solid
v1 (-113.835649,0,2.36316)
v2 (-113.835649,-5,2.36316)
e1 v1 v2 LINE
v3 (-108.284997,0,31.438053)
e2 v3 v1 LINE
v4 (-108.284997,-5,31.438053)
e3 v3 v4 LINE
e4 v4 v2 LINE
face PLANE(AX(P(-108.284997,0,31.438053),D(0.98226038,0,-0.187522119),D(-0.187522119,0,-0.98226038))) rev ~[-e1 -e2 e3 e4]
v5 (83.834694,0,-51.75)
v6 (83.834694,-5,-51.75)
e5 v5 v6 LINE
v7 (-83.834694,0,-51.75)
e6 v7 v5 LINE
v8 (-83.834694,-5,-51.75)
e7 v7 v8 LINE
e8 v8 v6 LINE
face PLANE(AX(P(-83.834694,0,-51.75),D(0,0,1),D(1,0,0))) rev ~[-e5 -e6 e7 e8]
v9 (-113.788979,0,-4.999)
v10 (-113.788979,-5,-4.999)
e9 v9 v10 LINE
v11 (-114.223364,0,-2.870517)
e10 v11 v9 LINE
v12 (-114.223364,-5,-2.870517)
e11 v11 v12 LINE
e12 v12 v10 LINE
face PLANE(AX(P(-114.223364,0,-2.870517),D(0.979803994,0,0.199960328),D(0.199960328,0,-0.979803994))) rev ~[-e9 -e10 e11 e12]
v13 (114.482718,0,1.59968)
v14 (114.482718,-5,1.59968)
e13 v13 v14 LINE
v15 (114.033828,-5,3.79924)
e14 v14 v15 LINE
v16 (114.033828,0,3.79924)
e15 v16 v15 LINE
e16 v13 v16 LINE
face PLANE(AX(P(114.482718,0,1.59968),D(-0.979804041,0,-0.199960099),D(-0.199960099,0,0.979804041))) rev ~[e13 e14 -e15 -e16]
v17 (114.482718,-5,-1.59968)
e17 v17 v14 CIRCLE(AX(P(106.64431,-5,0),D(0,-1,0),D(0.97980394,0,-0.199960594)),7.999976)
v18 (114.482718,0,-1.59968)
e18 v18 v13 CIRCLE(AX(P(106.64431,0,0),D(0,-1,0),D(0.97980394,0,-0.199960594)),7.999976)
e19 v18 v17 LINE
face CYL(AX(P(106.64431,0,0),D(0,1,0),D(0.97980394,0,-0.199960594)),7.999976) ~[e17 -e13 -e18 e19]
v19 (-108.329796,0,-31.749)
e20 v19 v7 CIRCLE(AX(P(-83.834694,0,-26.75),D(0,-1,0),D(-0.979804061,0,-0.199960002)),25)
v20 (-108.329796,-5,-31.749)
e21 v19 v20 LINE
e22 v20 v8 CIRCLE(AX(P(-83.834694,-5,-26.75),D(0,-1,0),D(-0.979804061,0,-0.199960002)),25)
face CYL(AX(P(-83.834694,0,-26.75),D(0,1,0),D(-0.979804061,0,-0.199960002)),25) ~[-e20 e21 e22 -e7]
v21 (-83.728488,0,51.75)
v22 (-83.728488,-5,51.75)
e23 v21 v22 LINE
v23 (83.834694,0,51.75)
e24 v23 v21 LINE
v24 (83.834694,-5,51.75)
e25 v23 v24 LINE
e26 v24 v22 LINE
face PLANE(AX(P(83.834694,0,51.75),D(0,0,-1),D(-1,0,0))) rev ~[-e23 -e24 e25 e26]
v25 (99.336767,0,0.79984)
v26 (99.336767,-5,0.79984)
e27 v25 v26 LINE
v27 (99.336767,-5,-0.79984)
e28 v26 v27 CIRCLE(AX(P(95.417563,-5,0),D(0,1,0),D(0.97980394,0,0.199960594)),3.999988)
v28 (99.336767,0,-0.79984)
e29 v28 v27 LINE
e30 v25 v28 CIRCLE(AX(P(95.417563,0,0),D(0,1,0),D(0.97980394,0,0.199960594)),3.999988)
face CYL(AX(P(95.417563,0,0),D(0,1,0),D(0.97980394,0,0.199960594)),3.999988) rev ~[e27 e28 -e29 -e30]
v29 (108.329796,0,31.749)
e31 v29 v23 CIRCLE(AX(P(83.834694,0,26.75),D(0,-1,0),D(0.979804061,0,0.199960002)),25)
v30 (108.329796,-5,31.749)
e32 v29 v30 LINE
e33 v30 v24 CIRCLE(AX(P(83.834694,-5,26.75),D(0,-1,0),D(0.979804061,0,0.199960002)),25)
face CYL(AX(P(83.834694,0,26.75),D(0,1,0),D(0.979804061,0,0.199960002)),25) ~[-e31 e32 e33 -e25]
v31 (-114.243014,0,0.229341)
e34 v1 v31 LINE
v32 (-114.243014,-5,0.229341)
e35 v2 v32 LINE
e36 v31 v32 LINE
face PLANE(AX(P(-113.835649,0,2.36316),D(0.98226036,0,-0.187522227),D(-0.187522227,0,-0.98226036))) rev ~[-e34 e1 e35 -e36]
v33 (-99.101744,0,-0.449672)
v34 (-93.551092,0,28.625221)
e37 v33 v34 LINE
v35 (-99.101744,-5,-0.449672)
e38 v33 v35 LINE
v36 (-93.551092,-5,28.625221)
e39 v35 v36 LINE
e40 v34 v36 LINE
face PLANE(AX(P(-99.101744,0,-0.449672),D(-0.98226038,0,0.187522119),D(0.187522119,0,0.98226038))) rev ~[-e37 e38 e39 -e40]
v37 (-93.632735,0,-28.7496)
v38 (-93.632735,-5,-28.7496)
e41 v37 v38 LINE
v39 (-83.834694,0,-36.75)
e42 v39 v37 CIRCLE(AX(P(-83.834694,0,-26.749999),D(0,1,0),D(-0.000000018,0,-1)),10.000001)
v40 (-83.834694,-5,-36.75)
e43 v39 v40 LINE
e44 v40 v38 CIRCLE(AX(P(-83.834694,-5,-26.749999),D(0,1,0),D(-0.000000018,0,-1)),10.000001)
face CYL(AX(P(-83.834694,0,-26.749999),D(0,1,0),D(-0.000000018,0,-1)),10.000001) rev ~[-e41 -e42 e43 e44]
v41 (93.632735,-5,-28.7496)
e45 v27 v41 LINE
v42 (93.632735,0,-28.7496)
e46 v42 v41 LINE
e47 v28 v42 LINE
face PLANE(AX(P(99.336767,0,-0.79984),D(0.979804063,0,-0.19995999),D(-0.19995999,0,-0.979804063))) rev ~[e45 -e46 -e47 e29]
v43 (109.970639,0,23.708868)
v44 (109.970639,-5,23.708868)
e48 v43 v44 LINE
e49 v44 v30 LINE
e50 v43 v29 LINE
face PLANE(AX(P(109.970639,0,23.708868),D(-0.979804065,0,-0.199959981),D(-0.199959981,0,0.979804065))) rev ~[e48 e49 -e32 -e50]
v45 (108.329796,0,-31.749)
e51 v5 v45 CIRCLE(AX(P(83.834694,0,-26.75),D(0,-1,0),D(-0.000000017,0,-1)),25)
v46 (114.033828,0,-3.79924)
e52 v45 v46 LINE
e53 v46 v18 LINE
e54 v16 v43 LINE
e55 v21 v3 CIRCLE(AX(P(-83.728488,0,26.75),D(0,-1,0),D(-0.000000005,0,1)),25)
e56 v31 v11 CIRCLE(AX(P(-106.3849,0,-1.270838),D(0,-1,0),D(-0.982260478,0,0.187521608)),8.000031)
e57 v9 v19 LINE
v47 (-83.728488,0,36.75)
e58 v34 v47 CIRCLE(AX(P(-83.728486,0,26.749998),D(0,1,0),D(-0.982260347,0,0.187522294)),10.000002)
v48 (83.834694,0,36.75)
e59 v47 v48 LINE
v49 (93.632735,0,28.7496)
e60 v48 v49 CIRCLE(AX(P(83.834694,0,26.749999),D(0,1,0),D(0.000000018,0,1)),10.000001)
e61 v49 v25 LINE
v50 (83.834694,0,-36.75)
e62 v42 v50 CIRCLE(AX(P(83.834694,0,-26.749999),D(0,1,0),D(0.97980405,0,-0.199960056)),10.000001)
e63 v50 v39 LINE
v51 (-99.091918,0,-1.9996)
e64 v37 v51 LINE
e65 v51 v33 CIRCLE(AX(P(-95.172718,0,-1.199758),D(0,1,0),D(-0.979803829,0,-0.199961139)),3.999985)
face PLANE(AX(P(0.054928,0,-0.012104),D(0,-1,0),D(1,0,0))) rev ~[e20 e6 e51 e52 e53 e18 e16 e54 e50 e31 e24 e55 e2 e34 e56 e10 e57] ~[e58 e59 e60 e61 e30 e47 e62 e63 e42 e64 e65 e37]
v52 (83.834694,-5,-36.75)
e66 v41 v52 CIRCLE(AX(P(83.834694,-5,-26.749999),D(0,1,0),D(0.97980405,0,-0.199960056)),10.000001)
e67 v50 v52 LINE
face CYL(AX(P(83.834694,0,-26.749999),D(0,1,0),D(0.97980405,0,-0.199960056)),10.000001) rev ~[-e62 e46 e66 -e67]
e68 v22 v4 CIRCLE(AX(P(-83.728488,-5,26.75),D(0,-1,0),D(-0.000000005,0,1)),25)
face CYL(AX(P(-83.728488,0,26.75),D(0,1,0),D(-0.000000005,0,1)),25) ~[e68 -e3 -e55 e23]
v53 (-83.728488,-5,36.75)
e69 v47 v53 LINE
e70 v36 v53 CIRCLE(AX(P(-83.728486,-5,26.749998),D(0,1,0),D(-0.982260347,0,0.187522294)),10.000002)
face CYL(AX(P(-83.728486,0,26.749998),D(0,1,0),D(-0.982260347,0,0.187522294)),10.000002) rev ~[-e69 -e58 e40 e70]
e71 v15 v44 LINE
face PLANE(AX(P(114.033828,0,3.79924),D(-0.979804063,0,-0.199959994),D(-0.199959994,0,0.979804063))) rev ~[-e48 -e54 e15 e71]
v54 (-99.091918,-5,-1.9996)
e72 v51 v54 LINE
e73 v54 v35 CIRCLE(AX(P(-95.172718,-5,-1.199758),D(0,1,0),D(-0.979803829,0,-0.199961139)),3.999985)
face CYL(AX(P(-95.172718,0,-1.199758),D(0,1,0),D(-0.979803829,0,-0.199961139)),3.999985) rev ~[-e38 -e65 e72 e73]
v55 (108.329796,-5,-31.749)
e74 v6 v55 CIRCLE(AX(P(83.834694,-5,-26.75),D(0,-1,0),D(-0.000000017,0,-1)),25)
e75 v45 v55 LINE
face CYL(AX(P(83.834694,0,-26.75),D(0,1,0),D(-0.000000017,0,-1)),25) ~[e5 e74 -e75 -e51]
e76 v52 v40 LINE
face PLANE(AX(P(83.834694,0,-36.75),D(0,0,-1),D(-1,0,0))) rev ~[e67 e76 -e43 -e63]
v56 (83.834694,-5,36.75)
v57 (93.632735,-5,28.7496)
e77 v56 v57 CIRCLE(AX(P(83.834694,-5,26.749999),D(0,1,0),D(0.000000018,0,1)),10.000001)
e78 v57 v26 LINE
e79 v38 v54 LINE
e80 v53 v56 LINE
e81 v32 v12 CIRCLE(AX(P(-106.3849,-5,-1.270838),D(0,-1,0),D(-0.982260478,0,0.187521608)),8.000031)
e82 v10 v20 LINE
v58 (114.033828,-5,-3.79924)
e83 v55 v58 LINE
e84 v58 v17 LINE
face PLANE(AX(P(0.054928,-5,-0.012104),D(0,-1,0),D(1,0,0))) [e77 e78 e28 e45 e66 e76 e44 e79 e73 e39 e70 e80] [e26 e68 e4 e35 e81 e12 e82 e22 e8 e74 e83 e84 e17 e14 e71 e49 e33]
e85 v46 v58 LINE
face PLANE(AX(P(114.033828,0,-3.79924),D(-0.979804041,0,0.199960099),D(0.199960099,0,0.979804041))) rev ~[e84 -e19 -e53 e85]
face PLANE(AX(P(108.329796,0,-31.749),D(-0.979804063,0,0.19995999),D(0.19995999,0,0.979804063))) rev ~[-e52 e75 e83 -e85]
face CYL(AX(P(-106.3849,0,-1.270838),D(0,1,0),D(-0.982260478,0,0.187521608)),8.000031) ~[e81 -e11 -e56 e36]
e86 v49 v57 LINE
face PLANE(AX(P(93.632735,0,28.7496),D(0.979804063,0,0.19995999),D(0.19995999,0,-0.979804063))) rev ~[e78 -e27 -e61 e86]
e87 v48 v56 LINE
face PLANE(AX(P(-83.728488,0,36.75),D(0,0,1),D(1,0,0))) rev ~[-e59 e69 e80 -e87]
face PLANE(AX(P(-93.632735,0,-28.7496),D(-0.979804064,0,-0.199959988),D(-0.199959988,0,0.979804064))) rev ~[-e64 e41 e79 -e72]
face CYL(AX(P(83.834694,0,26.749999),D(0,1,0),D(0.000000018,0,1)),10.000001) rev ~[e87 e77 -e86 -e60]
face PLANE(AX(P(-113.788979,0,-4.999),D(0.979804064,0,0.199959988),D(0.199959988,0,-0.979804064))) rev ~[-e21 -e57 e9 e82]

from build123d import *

# Parameters (mm, degrees)
F1_DEPTH = 5


with BuildPart() as f1:
    # F0 (on Front) → F1 (new body)
    with BuildSketch(Plane.XZ):
        with BuildLine():
            ThreePointArc((108.329796, 31.749), (99.646478, 46.114594), (83.834694, 51.75))
            Line((83.834694, 51.75), (-83.728488, 51.75))
            ThreePointArc((-83.728488, 51.75), (-99.662707, 46.013973), (-108.284997, 31.438053))
            Line((-108.284997, 31.438053), (-113.835649, 2.36316))
            Line((-113.835649, 2.36316), (-114.243014, 0.229341))
            ThreePointArc((-114.243014, 0.229341), (-114.38477, -1.321549), (-114.223364, -2.870517))
            Line((-114.223364, -2.870517), (-113.788979, -4.999))
            Line((-113.788979, -4.999), (-108.329796, -31.749))
            ThreePointArc((-108.329796, -31.749), (-99.646478, -46.114594), (-83.834694, -51.75))
            Line((-83.834694, -51.75), (83.834694, -51.75))
            ThreePointArc((83.834694, -51.75), (99.646478, -46.114594), (108.329796, -31.749))
            Line((108.329796, -31.749), (114.033828, -3.79924))
            Line((114.033828, -3.79924), (114.482718, -1.59968))
            ThreePointArc((114.482718, -1.59968), (114.644286, 0), (114.482718, 1.59968))
            Line((114.482718, 1.59968), (114.033828, 3.79924))
            Line((114.033828, 3.79924), (109.970639, 23.708868))
            Line((109.970639, 23.708868), (108.329796, 31.749))
        make_face()
        with BuildLine():
            Line((-83.728488, 36.75), (83.834694, 36.75))
            ThreePointArc((83.834694, 36.75), (90.159407, 34.495838), (93.632735, 28.7496))
            Line((93.632735, 28.7496), (99.336767, 0.79984))
            ThreePointArc((99.336767, 0.79984), (99.417551, 0), (99.336767, -0.79984))
            Line((99.336767, -0.79984), (93.632735, -28.7496))
            ThreePointArc((93.632735, -28.7496), (90.159407, -34.495838), (83.834694, -36.75))
            Line((83.834694, -36.75), (-83.834694, -36.75))
            ThreePointArc((-83.834694, -36.75), (-90.159407, -34.495838), (-93.632735, -28.7496))
            Line((-93.632735, -28.7496), (-99.091918, -1.9996))
            ThreePointArc((-99.091918, -1.9996), (-99.172622, -1.225116), (-99.101744, -0.449672))
            Line((-99.101744, -0.449672), (-93.551092, 28.625221))
            ThreePointArc((-93.551092, 28.625221), (-90.102175, 34.455589), (-83.728488, 36.75))
        make_face(mode=Mode.SUBTRACT)
    extrude(amount=F1_DEPTH)


solid = f1.part
